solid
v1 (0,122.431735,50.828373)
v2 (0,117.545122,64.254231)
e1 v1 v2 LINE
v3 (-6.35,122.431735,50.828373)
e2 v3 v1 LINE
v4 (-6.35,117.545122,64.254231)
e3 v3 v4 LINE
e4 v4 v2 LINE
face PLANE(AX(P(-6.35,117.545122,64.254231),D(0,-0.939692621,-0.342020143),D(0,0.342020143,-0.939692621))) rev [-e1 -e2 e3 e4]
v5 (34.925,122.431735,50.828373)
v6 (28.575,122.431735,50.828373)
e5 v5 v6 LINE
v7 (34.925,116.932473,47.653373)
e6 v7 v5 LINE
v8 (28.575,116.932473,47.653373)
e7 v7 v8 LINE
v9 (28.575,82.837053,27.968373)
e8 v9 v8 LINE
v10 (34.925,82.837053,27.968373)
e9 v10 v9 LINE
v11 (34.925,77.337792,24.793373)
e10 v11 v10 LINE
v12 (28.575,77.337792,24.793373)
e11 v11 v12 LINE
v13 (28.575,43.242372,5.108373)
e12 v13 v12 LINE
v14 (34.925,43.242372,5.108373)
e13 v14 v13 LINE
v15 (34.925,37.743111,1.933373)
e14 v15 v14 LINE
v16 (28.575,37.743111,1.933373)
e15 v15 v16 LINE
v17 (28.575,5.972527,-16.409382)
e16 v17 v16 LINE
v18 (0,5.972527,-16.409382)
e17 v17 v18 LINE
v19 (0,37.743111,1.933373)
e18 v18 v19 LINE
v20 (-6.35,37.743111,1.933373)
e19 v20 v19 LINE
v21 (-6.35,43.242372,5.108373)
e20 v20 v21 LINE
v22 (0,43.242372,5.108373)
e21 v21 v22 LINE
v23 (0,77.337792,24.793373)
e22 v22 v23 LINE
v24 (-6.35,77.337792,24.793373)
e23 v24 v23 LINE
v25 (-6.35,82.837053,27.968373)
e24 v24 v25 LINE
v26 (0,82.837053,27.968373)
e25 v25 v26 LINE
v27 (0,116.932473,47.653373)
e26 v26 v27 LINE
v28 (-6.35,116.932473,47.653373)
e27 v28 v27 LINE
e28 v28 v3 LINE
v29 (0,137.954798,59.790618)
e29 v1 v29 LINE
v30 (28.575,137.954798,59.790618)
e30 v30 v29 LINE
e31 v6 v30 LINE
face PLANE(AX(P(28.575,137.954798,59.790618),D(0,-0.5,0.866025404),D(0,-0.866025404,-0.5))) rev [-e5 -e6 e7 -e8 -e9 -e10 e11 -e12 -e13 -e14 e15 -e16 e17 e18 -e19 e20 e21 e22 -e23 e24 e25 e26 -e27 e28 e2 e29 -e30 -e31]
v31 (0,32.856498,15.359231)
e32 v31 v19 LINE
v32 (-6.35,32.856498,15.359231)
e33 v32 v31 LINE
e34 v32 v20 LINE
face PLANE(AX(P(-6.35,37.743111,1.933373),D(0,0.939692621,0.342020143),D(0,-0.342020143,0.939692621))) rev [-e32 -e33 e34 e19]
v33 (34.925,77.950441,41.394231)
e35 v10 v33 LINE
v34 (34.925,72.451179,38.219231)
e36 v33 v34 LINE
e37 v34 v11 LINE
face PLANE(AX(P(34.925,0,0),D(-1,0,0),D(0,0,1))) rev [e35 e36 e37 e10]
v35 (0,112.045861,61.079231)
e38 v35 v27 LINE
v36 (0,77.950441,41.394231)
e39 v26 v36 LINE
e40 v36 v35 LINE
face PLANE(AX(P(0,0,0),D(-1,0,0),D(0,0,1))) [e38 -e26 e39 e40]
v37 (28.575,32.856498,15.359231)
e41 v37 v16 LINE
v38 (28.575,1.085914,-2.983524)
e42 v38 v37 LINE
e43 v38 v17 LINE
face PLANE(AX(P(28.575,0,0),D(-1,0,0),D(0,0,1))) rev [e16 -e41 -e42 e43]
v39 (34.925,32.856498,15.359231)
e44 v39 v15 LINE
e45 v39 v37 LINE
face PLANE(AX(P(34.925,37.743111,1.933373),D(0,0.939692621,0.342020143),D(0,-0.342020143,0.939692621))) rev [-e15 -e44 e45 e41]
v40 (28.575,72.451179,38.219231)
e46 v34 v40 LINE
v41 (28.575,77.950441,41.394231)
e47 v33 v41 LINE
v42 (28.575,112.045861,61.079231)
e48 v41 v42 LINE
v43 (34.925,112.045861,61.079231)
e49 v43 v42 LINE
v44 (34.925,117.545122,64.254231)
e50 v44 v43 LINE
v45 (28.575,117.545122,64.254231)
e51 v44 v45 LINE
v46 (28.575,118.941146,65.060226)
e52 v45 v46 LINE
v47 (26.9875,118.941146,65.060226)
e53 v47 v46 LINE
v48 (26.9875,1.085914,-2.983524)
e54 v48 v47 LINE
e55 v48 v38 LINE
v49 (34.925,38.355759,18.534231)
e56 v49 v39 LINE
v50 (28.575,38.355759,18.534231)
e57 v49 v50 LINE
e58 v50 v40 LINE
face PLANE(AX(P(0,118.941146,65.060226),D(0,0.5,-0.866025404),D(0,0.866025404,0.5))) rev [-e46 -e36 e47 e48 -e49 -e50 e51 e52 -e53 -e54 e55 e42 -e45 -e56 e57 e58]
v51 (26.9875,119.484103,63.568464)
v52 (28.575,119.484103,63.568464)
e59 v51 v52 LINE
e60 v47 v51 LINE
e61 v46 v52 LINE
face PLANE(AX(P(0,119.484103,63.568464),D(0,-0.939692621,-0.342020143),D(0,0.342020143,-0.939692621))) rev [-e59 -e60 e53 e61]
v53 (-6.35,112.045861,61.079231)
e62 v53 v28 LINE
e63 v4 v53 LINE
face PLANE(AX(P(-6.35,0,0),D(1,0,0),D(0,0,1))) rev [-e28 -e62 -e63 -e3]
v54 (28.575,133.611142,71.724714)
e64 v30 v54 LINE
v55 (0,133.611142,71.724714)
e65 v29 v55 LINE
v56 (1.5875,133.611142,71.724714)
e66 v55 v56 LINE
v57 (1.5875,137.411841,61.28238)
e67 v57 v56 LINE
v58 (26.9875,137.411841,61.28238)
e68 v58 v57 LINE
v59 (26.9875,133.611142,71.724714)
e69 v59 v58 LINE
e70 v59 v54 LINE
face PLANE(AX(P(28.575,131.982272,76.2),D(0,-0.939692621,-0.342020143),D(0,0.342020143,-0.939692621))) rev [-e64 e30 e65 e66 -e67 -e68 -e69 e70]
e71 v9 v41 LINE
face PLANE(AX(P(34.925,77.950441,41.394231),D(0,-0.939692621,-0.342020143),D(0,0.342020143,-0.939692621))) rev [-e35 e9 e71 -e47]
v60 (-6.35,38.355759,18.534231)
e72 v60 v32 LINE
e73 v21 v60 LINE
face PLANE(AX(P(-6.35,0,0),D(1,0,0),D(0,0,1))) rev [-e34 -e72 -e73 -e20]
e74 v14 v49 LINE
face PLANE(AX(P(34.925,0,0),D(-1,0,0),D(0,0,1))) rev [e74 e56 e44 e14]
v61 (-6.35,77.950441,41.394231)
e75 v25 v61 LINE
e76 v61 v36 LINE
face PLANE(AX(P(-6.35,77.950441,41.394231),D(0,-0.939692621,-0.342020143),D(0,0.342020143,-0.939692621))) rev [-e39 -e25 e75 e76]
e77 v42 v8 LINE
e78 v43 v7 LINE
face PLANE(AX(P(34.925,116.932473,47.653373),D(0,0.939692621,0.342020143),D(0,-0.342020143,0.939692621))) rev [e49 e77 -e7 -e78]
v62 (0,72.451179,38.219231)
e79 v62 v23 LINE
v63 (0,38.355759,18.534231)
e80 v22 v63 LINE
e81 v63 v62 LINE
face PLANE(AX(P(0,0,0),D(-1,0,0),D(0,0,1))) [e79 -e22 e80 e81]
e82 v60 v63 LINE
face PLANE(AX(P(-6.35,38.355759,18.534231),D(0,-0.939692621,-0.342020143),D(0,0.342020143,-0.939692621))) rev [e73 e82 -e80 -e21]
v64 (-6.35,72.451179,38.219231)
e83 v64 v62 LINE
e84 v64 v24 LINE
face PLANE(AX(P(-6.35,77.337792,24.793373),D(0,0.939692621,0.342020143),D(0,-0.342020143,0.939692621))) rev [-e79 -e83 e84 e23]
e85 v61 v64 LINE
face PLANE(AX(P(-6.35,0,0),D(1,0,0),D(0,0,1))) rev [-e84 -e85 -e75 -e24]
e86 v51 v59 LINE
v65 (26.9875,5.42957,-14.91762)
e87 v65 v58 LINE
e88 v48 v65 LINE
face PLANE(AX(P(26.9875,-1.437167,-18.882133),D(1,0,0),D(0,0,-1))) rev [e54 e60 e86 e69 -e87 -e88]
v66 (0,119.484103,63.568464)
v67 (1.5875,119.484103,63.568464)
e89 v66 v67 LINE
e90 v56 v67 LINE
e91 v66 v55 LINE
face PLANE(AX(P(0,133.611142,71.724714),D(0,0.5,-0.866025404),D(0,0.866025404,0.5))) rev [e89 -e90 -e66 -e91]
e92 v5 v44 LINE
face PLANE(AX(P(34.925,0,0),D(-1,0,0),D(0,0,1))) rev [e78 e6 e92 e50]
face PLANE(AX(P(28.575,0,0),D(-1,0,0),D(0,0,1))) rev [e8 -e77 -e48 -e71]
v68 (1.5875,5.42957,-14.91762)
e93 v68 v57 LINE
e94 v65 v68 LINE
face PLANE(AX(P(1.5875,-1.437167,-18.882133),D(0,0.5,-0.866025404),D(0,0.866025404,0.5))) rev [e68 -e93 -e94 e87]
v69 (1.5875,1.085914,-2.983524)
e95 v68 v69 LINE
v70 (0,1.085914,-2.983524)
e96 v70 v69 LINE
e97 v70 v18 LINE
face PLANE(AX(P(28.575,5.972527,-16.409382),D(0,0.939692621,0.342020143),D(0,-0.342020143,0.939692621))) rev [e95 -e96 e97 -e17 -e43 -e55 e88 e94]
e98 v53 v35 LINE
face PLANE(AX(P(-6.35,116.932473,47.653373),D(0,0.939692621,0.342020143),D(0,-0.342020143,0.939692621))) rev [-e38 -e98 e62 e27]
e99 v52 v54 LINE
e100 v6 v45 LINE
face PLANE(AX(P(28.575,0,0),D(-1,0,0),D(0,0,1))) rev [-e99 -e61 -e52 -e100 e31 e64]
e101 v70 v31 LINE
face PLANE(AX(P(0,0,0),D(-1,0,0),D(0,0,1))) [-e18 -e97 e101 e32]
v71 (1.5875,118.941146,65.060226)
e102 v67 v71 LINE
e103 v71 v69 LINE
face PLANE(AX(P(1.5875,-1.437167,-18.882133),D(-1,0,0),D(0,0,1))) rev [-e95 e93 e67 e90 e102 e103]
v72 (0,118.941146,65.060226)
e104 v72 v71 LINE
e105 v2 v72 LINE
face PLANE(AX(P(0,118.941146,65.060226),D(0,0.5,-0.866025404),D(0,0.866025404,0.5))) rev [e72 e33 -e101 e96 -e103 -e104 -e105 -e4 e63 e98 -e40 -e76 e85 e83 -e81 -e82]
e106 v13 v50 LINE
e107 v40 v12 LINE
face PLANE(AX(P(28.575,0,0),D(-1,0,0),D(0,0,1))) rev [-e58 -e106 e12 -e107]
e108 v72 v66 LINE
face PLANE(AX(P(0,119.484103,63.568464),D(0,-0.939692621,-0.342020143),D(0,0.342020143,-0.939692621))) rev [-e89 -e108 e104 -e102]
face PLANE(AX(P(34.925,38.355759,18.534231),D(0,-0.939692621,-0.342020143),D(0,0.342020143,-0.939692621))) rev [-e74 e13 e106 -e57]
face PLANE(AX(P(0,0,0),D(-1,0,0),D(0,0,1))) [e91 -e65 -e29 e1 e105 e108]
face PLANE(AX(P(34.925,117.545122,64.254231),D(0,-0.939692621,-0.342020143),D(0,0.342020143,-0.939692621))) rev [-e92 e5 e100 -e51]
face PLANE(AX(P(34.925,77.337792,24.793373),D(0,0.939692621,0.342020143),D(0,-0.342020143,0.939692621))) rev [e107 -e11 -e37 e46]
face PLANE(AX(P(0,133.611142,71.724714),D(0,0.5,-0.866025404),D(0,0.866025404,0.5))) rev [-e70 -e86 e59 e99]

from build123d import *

# Parameters (mm, degrees)
BOSS_EXTRUDE1_DEPTH   = 28.575
SKETCH2_W             = 25.4
SKETCH2_H             = 14.2875
CUT_EXTRUDE2_DEPTH    = 159.114345309
CUT_EXTRUDE3_DEPTH    = 29.575
CUT_EXTRUDE4_DEPTH    = 25.4
SKETCH6_W             = 1.5875
SKETCH6_H             = 82.55
BOSS_EXTRUDE2_DEPTH   = 1.5875
CUT_EXTRUDE5_DEPTH    = 29.575
CUT_EXTRUDE6_DEPTH    = 29.575
BOSS_EXTRUDE3_DEPTH   = 6.35
BOSS_EXTRUDE3_2_DEPTH = 6.35
BOSS_EXTRUDE3_3_DEPTH = 6.35


with BuildPart() as part:
    # Sketch1 → Boss-Extrude1 (new body)
    with BuildSketch(Plane(origin=(0, 0, 0), x_dir=(0, 0, -1), z_dir=(1, 0, 0))):
        Polygon((0, 0), (-76.2, 131.982271537), (-59.79061761, 137.95479829), (16.40938239, 5.972526753), align=None)
    extrude(amount=BOSS_EXTRUDE1_DEPTH)

    # Sketch2 → Cut-Extrude2 (cut, through all, along a direction that is not the sketch's normal)
    with BuildSketch(Plane(origin=(0, 141.033486548, 51.331991138), x_dir=(1, 0, 0), z_dir=(0, 0.939692621, 0.342020143))):
        with Locations((14.2875, -17.732732276)):
            Rectangle(SKETCH2_W, SKETCH2_H)
    extrude(amount=-CUT_EXTRUDE2_DEPTH, dir=(0, 0.866025404, 0.5), mode=Mode.SUBTRACT)

    # Sketch3 → Cut-Extrude3 (cut, through all)
    with BuildSketch(Plane(origin=(28.575, 0, 0), x_dir=(0, 0, -1), z_dir=(1, 0, 0))):
        Polygon((-76.2, 131.982271537), (-74.708237965, 132.525228514), (-33.433237965, 61.034831432), (-34.925, 60.491874454), align=None)
    extrude(amount=-CUT_EXTRUDE3_DEPTH, mode=Mode.SUBTRACT)

    # Sketch4 → Cut-Extrude4 (cut)
    with BuildSketch(Plane(origin=(1.5875, 0, 0), x_dir=(0, 0, -1), z_dir=(1, 0, 0))):
        Polygon((-43.162002392, 69.198234075), (-23.704473537, 52.871428789), (-24.724898867, 51.655333235), (-44.182427722, 67.982138521), align=None)
    extrude(amount=CUT_EXTRUDE4_DEPTH, mode=Mode.SUBTRACT)

    # Sketch6 → Boss-Extrude2 (add, along a direction that is not the sketch's normal)
    with BuildSketch(Plane(origin=(0, 0.781691154, -1.353928794), x_dir=(1, 0, 0), z_dir=(0, -0.5, 0.866025404))):
        with Locations((27.78125, 110.849333518)):
            Rectangle(SKETCH6_W, SKETCH6_H)
        with Locations((0.79375, 110.849333518)):
            Rectangle(SKETCH6_W, SKETCH6_H)
    extrude(amount=BOSS_EXTRUDE2_DEPTH, dir=(0, -0.342020143, 0.939692621))

    # Sketch7 → Cut-Extrude5 (cut, through all)
    with BuildSketch(Plane(origin=(28.575, 0, 0), x_dir=(0, 0, -1), z_dir=(1, 0, 0))):
        Polygon((-76.2, 131.982271537), (-71.724713894, 133.611142469), (-63.568463887, 119.484103058), (-68.043749993, 117.855232125), align=None)
    extrude(amount=-CUT_EXTRUDE5_DEPTH, mode=Mode.SUBTRACT)

    # Sketch8 → Cut-Extrude6 (cut, through all)
    with BuildSketch(Plane(origin=(28.575, 0, 0), x_dir=(0, 0, -1), z_dir=(1, 0, 0))):
        Polygon((-68.043749993, 117.855232125), (-65.060225922, 118.94114608), (2.983524071, 1.085913955), (0, 0), align=None)
    extrude(amount=-CUT_EXTRUDE6_DEPTH, mode=Mode.SUBTRACT)


with BuildPart() as body_2:
    # Sketch9 → Boss-Extrude3 (new body)
    with BuildSketch(Plane(origin=(28.575, 0, 0), x_dir=(0, 0, -1), z_dir=(1, 0, 0))):
        Polygon((-64.254231049, 117.545122009), (-50.828372729, 122.431734807), (-47.653372729, 116.932473493), (-61.079231049, 112.045860695), align=None)
    extrude(amount=BOSS_EXTRUDE3_DEPTH)


with BuildPart() as body_3:
    # Sketch9 → Boss-Extrude3 2 (new body)
    with BuildSketch(Plane(origin=(28.575, 0, 0), x_dir=(0, 0, -1), z_dir=(1, 0, 0))):
        Polygon((-41.394231049, 77.950440548), (-27.968372729, 82.837053346), (-24.793372729, 77.337792032), (-38.219231049, 72.451179234), align=None)
    extrude(amount=BOSS_EXTRUDE3_2_DEPTH)


with BuildPart() as body_4:
    # Sketch9 → Boss-Extrude3 3 (new body)
    with BuildSketch(Plane(origin=(28.575, 0, 0), x_dir=(0, 0, -1), z_dir=(1, 0, 0))):
        Polygon((-18.534231049, 38.355759087), (-5.108372729, 43.242371885), (-1.933372729, 37.743110571), (-15.359231049, 32.856497773), align=None)
    extrude(amount=BOSS_EXTRUDE3_3_DEPTH)


with BuildPart() as body_5:
    # Mirror1: mirrored copy
    add(body_2.part.mirror(Plane.ZY.offset(-14.2875)))


with BuildPart() as body_6:
    # Mirror1 2: mirrored copy
    add(body_3.part.mirror(Plane.ZY.offset(-14.2875)))


with BuildPart() as body_7:
    # Mirror1 3: mirrored copy
    add(body_4.part.mirror(Plane.ZY.offset(-14.2875)))


with BuildPart() as part_1:
    add(part.part)

    # Combine1: union body 2, body 3, body 4, body 7, body 6, body 5
    add(body_2.part)
    add(body_3.part)
    add(body_4.part)
    add(body_7.part)
    add(body_6.part)
    add(body_5.part)


solid = part_1.part
